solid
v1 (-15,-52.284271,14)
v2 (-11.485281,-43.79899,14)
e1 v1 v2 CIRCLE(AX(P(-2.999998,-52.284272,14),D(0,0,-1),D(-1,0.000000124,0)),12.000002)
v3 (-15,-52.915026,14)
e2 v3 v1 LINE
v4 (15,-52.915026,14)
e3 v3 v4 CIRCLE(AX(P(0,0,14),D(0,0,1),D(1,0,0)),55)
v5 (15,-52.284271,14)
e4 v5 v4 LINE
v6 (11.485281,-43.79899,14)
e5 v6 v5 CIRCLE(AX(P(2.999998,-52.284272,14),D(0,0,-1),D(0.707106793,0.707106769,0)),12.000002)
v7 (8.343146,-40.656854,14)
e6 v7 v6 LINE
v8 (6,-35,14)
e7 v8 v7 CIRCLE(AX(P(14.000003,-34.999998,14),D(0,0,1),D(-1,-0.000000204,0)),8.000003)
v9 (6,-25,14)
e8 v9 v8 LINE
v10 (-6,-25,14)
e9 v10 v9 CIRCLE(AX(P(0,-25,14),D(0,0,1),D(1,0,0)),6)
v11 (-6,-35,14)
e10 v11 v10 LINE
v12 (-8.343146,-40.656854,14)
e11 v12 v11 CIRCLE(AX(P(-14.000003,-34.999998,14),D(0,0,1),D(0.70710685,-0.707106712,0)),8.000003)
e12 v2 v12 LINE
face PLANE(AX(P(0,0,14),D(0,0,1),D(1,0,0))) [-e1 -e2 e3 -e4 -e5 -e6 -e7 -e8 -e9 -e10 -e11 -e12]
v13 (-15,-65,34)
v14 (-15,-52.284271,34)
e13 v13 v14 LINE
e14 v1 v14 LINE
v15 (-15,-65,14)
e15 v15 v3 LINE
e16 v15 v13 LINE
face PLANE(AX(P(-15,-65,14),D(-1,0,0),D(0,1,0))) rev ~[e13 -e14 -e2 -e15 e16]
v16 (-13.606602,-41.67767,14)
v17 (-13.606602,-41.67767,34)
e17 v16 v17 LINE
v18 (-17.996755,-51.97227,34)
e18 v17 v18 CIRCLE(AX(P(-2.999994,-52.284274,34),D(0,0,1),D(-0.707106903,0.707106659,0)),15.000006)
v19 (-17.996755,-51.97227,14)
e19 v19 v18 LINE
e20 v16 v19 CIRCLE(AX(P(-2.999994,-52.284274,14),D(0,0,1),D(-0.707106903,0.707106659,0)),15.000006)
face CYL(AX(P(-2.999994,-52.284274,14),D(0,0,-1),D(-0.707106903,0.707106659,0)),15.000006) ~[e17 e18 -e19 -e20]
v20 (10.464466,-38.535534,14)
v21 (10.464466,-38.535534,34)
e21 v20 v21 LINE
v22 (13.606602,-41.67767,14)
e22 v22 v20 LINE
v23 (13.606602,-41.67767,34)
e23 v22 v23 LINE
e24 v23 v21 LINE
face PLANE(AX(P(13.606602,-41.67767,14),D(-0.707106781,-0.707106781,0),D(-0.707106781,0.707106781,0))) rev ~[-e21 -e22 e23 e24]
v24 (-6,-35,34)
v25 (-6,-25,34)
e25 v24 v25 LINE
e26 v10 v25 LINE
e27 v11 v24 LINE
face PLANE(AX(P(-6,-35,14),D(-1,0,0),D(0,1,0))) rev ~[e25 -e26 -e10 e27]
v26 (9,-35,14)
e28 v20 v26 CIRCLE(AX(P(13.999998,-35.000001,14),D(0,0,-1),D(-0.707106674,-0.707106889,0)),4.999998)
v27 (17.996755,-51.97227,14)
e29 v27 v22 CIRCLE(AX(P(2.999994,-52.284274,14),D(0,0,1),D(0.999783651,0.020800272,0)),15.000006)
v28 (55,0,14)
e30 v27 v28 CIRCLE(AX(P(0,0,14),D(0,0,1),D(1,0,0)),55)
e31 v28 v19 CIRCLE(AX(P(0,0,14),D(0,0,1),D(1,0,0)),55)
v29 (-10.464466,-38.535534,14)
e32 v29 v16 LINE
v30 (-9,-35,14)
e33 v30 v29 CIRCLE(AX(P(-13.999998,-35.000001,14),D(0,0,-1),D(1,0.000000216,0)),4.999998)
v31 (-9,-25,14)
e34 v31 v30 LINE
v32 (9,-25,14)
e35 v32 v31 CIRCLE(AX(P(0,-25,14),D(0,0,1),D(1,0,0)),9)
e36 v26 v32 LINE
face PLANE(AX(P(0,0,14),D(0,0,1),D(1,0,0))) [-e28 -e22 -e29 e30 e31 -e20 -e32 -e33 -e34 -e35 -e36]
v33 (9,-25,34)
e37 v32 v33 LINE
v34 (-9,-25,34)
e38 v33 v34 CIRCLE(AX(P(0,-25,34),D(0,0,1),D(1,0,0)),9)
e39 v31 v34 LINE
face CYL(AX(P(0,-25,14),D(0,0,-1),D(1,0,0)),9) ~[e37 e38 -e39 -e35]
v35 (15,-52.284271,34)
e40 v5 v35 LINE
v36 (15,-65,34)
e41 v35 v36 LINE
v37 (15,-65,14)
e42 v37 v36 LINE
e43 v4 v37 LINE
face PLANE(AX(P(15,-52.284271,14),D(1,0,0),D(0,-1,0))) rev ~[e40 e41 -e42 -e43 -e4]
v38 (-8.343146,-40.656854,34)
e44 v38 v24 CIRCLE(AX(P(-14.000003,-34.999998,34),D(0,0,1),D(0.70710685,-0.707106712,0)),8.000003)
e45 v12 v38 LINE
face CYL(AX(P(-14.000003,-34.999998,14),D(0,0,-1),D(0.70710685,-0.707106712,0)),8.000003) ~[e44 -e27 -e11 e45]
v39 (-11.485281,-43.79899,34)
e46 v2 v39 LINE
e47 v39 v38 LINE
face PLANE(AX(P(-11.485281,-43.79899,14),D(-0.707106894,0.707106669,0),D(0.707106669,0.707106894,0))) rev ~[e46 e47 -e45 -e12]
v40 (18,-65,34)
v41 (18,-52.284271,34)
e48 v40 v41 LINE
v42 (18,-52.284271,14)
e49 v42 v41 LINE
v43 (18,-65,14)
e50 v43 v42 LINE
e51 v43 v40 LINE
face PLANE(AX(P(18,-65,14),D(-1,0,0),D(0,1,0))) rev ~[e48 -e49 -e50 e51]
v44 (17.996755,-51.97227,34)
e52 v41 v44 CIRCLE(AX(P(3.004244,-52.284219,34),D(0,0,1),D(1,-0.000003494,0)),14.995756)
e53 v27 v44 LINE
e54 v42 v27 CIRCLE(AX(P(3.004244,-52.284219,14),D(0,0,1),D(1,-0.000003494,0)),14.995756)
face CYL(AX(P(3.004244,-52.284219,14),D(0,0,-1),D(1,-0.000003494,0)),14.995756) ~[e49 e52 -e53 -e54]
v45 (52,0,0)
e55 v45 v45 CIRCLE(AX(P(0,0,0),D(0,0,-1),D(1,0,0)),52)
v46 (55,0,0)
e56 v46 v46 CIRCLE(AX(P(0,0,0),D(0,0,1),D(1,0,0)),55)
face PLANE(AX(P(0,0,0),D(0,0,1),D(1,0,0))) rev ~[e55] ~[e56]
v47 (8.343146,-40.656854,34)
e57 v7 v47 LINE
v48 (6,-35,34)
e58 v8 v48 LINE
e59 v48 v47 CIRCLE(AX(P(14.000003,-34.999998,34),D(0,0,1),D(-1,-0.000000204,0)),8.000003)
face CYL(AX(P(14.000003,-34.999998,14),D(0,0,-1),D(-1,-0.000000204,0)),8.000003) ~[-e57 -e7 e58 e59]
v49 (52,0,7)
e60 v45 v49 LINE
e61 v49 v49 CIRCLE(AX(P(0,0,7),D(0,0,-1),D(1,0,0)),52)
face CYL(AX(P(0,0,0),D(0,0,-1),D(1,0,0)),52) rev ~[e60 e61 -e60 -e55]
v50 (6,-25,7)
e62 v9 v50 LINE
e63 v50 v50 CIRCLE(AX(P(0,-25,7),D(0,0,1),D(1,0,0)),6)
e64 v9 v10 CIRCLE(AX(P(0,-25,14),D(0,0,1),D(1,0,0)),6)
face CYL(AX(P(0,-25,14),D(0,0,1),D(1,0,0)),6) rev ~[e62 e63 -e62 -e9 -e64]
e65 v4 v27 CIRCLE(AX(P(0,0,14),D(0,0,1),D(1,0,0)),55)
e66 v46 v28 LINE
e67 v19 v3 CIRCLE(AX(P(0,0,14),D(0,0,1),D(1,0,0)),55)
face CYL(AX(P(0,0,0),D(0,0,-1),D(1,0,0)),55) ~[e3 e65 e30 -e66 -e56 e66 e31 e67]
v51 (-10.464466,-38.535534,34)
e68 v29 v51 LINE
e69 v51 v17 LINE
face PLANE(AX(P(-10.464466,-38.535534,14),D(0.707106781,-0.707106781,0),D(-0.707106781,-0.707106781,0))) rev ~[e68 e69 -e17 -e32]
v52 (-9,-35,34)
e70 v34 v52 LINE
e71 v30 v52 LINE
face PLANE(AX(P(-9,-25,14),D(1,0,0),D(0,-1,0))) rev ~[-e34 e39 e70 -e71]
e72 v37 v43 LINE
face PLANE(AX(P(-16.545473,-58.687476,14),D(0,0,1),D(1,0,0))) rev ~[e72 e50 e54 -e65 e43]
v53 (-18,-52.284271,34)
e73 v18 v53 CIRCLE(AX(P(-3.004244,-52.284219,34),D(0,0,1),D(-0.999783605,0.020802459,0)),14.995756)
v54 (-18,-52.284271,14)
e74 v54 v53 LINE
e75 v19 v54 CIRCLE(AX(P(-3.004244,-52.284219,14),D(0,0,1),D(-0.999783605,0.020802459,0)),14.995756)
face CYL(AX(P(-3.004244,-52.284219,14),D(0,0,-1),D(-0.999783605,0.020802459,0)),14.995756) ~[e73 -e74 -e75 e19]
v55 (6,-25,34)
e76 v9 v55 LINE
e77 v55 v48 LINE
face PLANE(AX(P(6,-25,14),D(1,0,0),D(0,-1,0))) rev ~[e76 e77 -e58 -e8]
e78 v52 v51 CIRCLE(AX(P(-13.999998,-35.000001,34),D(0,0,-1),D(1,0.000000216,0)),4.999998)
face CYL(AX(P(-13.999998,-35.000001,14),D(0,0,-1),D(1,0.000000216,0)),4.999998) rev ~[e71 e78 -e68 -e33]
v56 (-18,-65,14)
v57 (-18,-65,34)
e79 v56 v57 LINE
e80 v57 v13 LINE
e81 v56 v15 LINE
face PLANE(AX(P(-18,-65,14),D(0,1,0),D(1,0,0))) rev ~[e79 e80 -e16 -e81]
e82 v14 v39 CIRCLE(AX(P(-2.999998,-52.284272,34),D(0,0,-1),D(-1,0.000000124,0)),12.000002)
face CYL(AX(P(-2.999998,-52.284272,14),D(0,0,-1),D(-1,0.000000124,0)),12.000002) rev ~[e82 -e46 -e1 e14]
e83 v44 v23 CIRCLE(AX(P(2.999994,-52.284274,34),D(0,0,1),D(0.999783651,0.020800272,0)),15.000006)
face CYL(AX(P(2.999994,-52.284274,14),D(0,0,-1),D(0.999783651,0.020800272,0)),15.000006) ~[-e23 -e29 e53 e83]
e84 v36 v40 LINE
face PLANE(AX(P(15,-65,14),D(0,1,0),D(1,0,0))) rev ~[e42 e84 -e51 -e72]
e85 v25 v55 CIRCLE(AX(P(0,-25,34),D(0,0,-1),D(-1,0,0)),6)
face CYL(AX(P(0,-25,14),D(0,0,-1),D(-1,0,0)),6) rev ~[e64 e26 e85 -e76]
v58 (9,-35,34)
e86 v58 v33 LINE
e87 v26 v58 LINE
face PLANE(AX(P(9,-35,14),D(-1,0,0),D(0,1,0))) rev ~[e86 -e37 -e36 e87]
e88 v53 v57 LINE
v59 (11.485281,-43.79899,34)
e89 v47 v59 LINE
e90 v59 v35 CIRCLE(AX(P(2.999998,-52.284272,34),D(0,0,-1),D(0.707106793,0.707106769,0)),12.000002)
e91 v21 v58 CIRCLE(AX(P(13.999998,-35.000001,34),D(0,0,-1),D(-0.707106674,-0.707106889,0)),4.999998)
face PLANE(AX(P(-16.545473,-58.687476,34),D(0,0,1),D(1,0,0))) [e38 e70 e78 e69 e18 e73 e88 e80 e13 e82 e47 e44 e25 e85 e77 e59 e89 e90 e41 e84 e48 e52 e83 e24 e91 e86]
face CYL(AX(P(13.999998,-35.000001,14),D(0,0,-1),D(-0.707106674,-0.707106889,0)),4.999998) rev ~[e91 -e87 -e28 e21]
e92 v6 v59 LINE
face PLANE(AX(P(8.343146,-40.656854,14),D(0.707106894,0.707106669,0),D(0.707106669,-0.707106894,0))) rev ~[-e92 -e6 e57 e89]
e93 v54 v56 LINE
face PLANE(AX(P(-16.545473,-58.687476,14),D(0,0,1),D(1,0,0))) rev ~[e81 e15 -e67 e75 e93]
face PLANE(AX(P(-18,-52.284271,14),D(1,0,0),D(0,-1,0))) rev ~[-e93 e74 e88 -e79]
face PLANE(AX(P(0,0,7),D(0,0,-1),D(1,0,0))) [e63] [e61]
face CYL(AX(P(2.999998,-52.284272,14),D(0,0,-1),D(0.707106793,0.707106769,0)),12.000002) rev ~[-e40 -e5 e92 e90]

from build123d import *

# Parameters (mm, degrees)
F0_R     = 55
F1_DEPTH = 14
F2_R     = 52
F3_DEPTH = 7
F4_R     = 6
F5_DEPTH = 14.001
F7_DEPTH = 20


with BuildPart() as f1:
    # F0 (on Top) → F1 (new body)
    with BuildSketch(Plane.XY):
        Circle(F0_R)
    extrude(amount=F1_DEPTH)

    # F2 (on face) → F3 (cut)
    with BuildSketch(Plane(origin=(0, 0, 0), x_dir=(1, 0, 0), z_dir=(0, 0, -1))):
        Circle(F2_R)
    extrude(amount=-F3_DEPTH, mode=Mode.SUBTRACT)

    # F4 (on face) → F5 (cut, through all)
    with BuildSketch(Plane.XY.offset(14)):
        with Locations((0, -25)):
            Circle(F4_R)
    extrude(amount=-F5_DEPTH, mode=Mode.SUBTRACT)

    # F6 (on face) → F7 (join)
    with BuildSketch(Plane.XY.offset(14)):
        with BuildLine():
            Line((-15, -65), (-15, -52.915026))
            ThreePointArc((-15, -52.915026), (-16.50511, -52.465049), (-17.996755, -51.97227))
            ThreePointArc((-17.996755, -51.97227), (-17.999189, -52.128262), (-18, -52.284271))
            Line((-18, -52.284271), (-18, -65))
            Line((-18, -65), (-15, -65))
        make_face()
        with BuildLine():
            Line((-6, -35), (-6, -25))
            ThreePointArc((-6, -25), (0, -19), (6, -25))
            Line((6, -25), (6, -35))
            ThreePointArc((6, -35), (6.608964, -38.061467), (8.343146, -40.656854))
            Line((8.343146, -40.656854), (11.485281, -43.79899))
            ThreePointArc((11.485281, -43.79899), (14.086554, -47.69207), (15, -52.284271))
            Line((15, -52.284271), (15, -52.915026))
            ThreePointArc((15, -52.915026), (16.50511, -52.465049), (17.996755, -51.97227))
            ThreePointArc((17.996755, -51.97227), (16.797741, -46.400197), (13.606602, -41.67767))
            Line((13.606602, -41.67767), (10.464466, -38.535534))
            ThreePointArc((10.464466, -38.535534), (9.380602, -36.913417), (9, -35))
            Line((9, -35), (9, -25))
            ThreePointArc((9, -25), (0, -16), (-9, -25))
            Line((-9, -25), (-9, -35))
            ThreePointArc((-9, -35), (-9.380602, -36.913417), (-10.464466, -38.535534))
            Line((-10.464466, -38.535534), (-13.606602, -41.67767))
            ThreePointArc((-13.606602, -41.67767), (-16.797741, -46.400197), (-17.996755, -51.97227))
            ThreePointArc((-17.996755, -51.97227), (-16.50511, -52.465049), (-15, -52.915026))
            Line((-15, -52.915026), (-15, -52.284271))
            ThreePointArc((-15, -52.284271), (-14.086554, -47.69207), (-11.485281, -43.79899))
            Line((-11.485281, -43.79899), (-8.343146, -40.656854))
            ThreePointArc((-8.343146, -40.656854), (-6.608964, -38.061467), (-6, -35))
        make_face()
        with BuildLine():
            ThreePointArc((17.996755, -51.97227), (16.50511, -52.465049), (15, -52.915026))
            Line((15, -52.915026), (15, -65))
            Line((15, -65), (18, -65))
            Line((18, -65), (18, -52.284271))
            ThreePointArc((18, -52.284271), (17.999189, -52.128262), (17.996755, -51.97227))
        make_face()
    extrude(amount=F7_DEPTH)


solid = f1.part
